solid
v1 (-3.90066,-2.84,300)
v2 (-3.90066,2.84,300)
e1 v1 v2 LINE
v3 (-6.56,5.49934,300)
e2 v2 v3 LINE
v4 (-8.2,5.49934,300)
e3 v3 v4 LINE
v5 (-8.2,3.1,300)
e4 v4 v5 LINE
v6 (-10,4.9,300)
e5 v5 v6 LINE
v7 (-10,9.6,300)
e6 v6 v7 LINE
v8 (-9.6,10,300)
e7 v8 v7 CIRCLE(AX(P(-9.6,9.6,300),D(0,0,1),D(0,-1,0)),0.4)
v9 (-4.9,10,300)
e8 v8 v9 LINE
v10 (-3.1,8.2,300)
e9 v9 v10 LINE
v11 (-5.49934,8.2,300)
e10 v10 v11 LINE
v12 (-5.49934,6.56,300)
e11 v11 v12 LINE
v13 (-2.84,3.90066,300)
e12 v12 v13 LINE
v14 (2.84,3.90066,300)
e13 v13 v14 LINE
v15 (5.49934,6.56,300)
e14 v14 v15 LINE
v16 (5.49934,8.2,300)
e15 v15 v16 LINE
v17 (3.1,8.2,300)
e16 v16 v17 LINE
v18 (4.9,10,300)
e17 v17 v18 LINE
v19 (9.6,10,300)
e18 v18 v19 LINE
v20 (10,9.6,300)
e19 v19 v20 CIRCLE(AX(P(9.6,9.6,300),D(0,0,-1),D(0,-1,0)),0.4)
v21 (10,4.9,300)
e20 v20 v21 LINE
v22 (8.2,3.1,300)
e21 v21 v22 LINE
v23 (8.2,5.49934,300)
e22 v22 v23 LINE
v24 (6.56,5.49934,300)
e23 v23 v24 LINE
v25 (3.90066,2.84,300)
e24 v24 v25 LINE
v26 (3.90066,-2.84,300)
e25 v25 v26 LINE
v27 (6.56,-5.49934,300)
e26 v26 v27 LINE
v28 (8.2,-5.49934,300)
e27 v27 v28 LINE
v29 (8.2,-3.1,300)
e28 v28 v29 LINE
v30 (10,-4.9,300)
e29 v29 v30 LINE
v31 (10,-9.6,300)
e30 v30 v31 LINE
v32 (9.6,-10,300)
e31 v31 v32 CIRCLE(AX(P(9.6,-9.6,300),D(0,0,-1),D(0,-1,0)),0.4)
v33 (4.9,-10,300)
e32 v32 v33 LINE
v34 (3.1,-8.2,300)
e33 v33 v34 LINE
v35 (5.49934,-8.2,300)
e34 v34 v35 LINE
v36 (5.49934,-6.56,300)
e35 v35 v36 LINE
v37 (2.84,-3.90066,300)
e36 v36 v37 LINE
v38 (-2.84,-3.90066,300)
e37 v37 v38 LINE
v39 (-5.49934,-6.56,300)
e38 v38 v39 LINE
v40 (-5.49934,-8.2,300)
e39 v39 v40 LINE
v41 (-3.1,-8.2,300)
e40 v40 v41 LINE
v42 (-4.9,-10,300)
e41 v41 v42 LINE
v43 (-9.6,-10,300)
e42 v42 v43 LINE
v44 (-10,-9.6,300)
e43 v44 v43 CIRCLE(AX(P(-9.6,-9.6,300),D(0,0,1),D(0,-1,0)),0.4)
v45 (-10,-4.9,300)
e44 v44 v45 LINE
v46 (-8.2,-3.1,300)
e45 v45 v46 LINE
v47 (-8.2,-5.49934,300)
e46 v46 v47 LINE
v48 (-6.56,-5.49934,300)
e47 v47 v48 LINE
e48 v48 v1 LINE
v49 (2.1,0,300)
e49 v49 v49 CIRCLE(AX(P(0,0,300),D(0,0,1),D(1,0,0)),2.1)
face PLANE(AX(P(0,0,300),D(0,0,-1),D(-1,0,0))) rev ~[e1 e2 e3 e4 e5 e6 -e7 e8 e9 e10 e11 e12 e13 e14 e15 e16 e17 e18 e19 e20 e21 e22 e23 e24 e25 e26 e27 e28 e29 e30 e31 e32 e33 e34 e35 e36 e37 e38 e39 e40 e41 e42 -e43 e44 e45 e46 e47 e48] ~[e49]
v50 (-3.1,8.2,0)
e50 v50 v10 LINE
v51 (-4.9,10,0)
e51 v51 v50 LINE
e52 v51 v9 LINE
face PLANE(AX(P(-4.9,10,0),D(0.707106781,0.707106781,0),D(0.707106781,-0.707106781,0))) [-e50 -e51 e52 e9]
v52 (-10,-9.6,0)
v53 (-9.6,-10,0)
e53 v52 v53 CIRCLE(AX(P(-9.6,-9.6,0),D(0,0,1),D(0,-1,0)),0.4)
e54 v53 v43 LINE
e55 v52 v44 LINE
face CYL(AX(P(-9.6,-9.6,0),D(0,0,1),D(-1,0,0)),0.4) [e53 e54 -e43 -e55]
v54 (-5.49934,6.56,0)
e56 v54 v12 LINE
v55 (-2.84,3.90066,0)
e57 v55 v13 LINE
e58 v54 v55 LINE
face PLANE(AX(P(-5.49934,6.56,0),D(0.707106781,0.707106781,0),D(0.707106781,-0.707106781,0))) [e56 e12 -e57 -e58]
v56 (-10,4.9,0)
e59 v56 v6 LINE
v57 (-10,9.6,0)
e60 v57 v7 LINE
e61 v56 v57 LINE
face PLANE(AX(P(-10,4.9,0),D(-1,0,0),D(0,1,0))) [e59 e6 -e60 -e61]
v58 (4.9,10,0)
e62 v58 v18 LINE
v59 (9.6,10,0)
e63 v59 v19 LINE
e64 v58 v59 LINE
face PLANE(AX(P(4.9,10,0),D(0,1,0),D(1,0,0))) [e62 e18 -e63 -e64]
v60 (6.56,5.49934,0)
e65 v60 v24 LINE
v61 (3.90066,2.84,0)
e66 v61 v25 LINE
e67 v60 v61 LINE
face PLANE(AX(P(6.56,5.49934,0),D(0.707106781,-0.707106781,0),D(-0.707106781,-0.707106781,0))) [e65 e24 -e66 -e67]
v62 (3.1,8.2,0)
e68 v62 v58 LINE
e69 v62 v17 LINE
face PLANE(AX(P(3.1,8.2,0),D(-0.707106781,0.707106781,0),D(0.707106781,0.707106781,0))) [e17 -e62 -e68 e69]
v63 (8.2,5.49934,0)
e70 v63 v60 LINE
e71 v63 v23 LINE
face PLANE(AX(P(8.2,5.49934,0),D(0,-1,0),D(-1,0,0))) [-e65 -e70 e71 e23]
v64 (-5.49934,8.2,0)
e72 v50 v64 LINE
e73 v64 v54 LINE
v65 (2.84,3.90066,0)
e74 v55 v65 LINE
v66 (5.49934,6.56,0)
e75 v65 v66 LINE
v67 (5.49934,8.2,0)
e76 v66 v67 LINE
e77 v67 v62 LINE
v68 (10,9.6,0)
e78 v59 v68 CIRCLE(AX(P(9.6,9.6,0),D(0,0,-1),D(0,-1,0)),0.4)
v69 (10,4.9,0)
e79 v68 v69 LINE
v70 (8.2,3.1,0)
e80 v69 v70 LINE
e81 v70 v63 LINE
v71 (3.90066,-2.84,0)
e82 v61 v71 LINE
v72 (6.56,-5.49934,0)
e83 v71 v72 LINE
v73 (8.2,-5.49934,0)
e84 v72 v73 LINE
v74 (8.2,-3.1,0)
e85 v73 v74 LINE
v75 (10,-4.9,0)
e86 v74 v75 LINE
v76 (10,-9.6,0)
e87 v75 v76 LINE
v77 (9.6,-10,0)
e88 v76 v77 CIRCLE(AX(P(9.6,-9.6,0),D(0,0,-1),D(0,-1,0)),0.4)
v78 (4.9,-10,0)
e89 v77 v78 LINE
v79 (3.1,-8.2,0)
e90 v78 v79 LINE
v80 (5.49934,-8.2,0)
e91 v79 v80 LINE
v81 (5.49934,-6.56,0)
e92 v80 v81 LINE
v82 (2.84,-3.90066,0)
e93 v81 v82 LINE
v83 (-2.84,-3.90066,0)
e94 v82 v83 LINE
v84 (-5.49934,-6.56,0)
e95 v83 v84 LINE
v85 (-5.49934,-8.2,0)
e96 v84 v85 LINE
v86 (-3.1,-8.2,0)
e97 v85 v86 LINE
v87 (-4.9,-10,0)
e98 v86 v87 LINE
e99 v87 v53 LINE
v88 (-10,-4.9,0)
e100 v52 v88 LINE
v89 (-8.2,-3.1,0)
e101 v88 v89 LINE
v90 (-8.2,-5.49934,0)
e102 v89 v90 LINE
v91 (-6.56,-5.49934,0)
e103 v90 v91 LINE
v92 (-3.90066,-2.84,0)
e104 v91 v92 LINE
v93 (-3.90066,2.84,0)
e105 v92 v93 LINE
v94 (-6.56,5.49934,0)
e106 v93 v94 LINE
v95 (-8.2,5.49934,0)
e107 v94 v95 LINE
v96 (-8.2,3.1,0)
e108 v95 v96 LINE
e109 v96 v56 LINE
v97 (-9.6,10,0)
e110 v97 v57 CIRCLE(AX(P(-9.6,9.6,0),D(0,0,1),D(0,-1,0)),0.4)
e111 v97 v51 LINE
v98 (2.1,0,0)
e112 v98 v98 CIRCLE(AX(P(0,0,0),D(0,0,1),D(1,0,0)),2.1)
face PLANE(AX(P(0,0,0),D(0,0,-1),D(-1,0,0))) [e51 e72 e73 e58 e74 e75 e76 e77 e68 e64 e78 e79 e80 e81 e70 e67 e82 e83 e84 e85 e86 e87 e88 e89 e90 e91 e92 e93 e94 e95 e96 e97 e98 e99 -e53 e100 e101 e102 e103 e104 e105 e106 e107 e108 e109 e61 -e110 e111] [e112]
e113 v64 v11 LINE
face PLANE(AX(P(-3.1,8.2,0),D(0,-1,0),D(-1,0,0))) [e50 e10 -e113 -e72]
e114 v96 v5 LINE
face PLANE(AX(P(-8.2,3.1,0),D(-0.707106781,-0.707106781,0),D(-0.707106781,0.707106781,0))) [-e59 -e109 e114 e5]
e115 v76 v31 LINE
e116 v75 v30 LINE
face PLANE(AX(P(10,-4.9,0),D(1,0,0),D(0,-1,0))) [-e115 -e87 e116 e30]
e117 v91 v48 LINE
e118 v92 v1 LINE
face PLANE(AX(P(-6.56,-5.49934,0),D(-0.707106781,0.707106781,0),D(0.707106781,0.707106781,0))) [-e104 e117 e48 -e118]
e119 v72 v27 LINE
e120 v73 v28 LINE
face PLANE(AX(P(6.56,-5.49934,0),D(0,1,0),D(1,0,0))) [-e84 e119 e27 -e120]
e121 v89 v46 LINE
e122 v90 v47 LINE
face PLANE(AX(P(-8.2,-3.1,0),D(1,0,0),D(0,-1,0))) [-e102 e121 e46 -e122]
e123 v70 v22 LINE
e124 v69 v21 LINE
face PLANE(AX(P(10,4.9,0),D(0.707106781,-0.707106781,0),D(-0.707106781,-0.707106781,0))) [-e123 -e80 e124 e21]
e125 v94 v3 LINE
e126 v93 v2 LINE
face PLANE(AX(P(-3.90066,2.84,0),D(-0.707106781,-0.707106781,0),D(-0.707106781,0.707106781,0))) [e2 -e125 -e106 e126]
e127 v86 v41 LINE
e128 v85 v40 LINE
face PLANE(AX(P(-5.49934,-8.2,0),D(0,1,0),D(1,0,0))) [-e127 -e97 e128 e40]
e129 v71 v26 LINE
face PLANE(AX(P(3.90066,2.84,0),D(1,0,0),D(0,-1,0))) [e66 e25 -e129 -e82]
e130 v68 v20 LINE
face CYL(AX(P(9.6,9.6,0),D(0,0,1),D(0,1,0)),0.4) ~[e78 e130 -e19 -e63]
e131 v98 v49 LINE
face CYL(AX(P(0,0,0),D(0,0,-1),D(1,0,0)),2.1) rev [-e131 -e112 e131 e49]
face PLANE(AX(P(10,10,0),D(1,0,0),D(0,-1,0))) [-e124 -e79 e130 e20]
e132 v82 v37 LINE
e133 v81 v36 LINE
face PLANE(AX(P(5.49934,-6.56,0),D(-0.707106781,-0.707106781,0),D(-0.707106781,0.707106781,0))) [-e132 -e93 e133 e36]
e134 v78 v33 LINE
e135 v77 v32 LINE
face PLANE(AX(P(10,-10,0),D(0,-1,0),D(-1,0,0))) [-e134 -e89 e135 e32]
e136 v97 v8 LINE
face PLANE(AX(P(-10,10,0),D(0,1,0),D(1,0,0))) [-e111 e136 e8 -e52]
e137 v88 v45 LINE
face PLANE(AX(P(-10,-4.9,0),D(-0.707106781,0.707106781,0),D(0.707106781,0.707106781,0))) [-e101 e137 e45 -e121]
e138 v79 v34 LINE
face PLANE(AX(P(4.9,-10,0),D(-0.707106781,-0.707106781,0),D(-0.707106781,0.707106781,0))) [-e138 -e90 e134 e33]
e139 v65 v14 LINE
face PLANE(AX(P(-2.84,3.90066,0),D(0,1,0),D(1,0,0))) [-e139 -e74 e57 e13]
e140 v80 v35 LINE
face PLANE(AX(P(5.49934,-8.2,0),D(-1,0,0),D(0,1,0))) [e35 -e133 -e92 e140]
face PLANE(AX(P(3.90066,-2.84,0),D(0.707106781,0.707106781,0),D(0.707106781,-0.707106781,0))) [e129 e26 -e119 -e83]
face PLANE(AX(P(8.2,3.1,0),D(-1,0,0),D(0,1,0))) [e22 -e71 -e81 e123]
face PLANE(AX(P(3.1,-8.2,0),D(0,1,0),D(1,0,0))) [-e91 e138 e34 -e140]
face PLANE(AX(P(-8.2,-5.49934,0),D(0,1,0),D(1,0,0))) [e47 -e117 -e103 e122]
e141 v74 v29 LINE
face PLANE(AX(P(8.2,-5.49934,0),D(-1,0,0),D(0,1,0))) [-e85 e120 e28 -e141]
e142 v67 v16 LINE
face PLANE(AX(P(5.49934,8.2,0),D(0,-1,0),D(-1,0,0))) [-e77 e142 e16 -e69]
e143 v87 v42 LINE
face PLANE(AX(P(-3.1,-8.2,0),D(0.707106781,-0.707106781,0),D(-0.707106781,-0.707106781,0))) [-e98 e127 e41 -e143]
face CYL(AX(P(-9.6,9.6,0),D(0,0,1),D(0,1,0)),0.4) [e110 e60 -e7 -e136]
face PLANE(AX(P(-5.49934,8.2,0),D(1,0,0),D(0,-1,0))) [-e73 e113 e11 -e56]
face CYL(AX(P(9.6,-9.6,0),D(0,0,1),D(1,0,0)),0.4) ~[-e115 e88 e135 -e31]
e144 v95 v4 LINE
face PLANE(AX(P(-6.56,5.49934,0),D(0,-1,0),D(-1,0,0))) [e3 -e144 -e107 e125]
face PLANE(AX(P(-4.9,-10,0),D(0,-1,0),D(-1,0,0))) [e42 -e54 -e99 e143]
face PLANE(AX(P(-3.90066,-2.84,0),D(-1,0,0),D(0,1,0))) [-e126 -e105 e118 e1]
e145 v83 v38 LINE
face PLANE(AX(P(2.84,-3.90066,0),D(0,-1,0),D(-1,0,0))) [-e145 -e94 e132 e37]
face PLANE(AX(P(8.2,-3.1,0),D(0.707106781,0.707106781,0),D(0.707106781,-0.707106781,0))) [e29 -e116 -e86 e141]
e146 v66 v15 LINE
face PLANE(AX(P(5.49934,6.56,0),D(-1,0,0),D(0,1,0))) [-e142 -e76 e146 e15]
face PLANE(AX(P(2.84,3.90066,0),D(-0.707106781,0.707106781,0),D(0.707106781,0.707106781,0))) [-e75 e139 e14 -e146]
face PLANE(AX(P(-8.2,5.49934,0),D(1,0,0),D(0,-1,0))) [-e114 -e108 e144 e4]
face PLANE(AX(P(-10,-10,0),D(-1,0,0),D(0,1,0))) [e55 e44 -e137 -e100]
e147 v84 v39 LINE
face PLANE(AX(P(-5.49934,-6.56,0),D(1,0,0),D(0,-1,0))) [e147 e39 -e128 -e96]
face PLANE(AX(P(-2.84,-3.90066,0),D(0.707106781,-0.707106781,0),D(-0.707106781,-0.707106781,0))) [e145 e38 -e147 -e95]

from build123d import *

# Parameters (mm, degrees)
SKETCH_R  = 2.1
PAD_DEPTH = 300
FILLET_R  = 0.4


with BuildPart() as part:
    # Sketch → Pad (new body)
    with BuildSketch(Plane.XY):
        Polygon((-2.84, 3.90066), (2.84, 3.90066), (5.49934, 6.56), (5.49934, 8.2), (3.1, 8.2), (4.9, 10), (10, 10), (10, 4.9), (8.2, 3.1), (8.2, 5.49934), (6.56, 5.49934), (3.90066, 2.84), (3.90066, -2.84), (6.56, -5.49934), (8.2, -5.49934), (8.2, -3.1), (10, -4.9), (10, -10), (4.9, -10), (3.1, -8.2), (5.49934, -8.2), (5.49934, -6.56), (2.84, -3.90066), (-2.84, -3.90066), (-5.49934, -6.56), (-5.49934, -8.2), (-3.1, -8.2), (-4.9, -10), (-10, -10), (-10, -4.9), (-8.2, -3.1), (-8.2, -5.49934), (-6.56, -5.49934), (-3.90066, -2.84), (-3.90066, 2.84), (-6.56, 5.49934), (-8.2, 5.49934), (-8.2, 3.1), (-10, 4.9), (-10, 10), (-4.9, 10), (-3.1, 8.2), (-5.49934, 8.2), (-5.49934, 6.56), align=None)
        Circle(SKETCH_R, mode=Mode.SUBTRACT)
    extrude(amount=PAD_DEPTH)

    # Fillet
    fillet_edges = [part.edges().sort_by_distance(p)[0] for p in [
        (10, 10, 150),
        (-10, 10, 150),
        (10, -10, 150),
        (-10, -10, 150),
    ]]
    fillet(fillet_edges, radius=FILLET_R)


solid = part.part
